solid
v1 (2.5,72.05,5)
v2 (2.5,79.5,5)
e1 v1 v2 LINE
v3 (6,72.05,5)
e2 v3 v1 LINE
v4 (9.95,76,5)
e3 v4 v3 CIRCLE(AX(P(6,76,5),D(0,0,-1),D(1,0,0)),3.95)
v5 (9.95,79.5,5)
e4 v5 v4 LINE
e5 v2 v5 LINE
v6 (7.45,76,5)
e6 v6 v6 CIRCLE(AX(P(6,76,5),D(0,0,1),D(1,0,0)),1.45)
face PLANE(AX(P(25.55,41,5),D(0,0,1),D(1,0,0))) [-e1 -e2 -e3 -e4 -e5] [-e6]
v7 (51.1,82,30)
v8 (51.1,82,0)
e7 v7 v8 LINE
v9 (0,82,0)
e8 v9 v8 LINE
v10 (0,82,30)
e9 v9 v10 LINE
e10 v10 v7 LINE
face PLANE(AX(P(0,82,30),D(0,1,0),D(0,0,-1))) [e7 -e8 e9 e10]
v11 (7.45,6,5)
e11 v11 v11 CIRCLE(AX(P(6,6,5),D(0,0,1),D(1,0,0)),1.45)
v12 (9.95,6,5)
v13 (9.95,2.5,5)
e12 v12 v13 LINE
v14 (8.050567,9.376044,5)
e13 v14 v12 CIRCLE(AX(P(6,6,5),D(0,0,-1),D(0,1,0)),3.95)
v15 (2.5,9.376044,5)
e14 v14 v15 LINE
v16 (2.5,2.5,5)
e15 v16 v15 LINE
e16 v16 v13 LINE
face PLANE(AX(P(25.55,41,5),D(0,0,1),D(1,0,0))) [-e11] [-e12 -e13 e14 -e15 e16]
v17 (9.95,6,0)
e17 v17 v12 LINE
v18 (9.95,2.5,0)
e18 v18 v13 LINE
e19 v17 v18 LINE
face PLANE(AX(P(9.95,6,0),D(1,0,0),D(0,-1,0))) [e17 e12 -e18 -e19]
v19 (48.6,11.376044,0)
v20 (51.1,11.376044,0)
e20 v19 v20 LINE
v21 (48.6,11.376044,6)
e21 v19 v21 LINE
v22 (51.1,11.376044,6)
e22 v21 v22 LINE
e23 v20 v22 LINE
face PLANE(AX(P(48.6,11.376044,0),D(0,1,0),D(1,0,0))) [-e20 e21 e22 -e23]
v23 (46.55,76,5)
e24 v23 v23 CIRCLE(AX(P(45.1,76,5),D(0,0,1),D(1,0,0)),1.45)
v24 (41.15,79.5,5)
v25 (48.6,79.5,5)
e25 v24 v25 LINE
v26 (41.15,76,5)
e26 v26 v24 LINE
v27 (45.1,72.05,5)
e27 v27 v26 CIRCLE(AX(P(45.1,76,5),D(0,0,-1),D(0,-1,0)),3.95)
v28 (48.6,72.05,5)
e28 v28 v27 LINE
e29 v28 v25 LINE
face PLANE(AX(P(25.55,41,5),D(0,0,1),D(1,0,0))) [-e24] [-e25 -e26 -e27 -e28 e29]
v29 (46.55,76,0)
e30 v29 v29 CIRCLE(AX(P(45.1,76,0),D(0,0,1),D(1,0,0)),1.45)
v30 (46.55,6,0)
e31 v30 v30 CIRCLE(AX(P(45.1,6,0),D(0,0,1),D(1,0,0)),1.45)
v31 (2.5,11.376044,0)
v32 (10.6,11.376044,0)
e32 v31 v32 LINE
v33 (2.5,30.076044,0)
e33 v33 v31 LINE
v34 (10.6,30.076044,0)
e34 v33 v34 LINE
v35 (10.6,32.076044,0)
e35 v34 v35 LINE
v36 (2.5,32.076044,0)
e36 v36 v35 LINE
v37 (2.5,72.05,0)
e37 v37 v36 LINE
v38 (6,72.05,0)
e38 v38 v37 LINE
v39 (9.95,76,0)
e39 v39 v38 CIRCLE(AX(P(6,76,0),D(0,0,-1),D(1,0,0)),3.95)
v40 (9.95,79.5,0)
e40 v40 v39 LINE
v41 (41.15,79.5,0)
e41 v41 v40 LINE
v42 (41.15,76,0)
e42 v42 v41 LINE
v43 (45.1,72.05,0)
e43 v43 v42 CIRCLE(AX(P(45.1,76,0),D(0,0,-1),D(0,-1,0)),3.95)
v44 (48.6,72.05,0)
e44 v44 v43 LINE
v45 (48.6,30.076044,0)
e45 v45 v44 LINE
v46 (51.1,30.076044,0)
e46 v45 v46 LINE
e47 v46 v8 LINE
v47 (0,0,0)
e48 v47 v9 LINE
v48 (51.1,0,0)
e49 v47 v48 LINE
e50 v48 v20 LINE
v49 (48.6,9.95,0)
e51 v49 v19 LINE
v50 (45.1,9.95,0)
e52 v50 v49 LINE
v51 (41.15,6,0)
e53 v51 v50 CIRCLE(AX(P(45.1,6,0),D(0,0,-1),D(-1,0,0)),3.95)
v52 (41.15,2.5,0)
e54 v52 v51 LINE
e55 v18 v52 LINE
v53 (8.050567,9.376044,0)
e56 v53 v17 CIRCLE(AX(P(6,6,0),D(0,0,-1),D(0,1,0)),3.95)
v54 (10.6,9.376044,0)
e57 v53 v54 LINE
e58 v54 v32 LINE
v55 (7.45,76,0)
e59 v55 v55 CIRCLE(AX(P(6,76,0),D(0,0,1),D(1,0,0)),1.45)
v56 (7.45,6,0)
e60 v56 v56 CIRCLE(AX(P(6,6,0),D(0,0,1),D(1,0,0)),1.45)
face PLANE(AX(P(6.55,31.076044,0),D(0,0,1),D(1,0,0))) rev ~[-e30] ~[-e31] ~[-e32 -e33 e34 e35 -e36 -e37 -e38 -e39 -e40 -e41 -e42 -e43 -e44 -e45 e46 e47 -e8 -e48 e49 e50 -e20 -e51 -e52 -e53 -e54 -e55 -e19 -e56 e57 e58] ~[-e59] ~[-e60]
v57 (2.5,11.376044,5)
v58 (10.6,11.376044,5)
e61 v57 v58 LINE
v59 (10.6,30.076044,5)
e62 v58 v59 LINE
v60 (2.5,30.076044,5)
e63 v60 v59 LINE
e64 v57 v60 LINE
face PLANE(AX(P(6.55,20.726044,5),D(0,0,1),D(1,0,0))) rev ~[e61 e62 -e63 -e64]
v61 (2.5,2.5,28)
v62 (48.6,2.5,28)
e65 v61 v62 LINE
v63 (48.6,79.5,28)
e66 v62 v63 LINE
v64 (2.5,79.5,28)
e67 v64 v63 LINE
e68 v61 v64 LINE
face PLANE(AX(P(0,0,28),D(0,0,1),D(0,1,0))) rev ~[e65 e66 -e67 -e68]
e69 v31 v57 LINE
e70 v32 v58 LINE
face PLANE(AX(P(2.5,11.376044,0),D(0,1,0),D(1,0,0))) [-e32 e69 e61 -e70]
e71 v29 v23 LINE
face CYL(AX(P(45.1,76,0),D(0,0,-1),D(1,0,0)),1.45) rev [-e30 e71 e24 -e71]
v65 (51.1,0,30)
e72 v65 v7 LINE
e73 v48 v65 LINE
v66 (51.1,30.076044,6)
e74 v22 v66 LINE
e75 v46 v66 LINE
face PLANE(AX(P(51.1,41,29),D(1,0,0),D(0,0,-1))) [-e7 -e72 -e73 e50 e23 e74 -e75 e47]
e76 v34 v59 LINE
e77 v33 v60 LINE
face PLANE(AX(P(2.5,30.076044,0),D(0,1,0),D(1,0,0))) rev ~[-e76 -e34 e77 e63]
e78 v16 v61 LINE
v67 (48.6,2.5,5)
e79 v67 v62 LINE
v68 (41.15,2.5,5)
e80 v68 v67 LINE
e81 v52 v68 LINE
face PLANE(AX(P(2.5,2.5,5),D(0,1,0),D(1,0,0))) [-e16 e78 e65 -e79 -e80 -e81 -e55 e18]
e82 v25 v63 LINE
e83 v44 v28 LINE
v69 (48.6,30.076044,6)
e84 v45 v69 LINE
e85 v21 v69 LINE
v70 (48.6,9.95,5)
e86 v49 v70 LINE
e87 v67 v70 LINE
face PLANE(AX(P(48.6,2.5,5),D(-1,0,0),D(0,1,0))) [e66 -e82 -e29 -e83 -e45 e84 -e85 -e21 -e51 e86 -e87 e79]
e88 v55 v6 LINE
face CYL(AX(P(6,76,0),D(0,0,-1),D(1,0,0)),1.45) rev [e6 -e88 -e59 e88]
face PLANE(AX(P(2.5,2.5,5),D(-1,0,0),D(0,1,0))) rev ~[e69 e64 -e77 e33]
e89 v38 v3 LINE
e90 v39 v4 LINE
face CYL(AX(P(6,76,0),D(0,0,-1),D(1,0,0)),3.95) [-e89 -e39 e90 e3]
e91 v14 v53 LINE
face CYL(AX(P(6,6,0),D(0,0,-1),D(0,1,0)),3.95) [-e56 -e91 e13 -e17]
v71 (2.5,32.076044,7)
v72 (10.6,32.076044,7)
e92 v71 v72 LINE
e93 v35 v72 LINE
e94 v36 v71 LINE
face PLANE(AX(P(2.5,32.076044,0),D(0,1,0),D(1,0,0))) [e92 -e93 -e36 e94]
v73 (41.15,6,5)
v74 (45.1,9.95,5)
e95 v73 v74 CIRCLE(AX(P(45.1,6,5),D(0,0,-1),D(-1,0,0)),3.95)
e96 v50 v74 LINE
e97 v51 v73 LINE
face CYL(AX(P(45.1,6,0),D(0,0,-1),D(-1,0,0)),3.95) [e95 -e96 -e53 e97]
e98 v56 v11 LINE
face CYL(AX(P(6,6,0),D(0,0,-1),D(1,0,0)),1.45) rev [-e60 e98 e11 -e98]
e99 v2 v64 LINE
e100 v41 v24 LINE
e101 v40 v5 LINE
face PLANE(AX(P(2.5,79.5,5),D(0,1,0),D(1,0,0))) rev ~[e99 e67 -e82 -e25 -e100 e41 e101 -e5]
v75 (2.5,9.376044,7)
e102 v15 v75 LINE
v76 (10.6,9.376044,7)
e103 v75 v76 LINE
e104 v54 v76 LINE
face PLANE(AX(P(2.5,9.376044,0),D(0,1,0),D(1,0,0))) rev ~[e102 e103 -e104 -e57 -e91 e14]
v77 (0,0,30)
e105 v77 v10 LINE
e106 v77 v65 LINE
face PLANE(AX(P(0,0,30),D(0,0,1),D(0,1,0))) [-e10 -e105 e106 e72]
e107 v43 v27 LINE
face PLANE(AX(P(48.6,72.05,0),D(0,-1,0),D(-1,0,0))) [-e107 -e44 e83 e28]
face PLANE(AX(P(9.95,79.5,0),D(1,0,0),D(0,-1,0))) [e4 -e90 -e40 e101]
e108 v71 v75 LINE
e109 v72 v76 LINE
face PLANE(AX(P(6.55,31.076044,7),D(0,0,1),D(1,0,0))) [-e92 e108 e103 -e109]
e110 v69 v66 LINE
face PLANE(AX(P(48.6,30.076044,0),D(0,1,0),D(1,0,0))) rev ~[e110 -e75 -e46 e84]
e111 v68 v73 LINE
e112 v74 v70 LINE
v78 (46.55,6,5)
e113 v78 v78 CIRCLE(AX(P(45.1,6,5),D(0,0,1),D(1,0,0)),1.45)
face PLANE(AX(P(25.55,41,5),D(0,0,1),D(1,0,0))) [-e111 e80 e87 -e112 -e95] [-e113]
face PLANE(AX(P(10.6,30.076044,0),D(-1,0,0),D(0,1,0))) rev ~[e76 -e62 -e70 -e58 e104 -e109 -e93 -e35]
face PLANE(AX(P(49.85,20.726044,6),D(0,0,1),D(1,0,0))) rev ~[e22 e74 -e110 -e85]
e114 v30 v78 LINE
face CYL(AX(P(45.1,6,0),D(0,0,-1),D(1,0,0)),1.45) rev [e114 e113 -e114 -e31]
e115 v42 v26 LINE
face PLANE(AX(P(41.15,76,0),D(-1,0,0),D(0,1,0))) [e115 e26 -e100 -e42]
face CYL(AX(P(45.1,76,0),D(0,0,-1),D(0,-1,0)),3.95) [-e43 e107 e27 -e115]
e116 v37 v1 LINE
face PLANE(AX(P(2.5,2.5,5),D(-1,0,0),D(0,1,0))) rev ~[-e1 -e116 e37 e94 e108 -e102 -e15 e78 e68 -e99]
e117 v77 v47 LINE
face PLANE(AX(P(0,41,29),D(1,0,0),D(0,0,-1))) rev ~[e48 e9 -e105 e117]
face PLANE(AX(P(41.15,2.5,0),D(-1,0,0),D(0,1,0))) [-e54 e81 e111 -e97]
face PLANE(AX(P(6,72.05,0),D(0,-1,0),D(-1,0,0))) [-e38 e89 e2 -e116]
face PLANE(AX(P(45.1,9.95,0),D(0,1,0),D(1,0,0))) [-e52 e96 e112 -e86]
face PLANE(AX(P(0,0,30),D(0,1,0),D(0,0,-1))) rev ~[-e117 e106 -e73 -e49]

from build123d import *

# Parameters (mm, degrees)
SKETCH1_W           = 51.1
SKETCH1_H           = 82
SKETCH1_R           = 1.45
BOSS_EXTRUDE1_DEPTH = 5
BOSS_EXTRUDE2_START = 5
SKETCH2_W           = 51.1
SKETCH2_H           = 82
SKETCH2_W_2         = 46.1
SKETCH2_H_2         = 77
BOSS_EXTRUDE2_DEPTH = 23
SKETCH4_W           = 2
SKETCH4_H           = 82
BOSS_EXTRUDE3_DEPTH = 51.1
SKETCH5_W           = 2.5
SKETCH5_H           = 18.7
CUT_EXTRUDE1_DEPTH  = 6
BOSS_EXTRUDE4_START = 5
SKETCH6_W           = 8.1
SKETCH6_H           = 18.7
BOSS_EXTRUDE4_DEPTH = 2
SKETCH7_W           = 8.1
SKETCH7_H           = 2
BOSS_EXTRUDE5_DEPTH = 7


with BuildPart() as part:
    # Sketch1 → Boss-Extrude1 (new body)
    with BuildSketch(Plane.XY):
        with Locations((25.55, 41)):
            Rectangle(SKETCH1_W, SKETCH1_H)
        with Locations((6, 76)):
            Circle(SKETCH1_R, mode=Mode.SUBTRACT)
        with Locations((45.1, 76)):
            Circle(SKETCH1_R, mode=Mode.SUBTRACT)
        with Locations((45.1, 6)):
            Circle(SKETCH1_R, mode=Mode.SUBTRACT)
        with Locations((6, 6)):
            Circle(SKETCH1_R, mode=Mode.SUBTRACT)
        with BuildLine():
            Line((6, 72.05), (2.5, 72.05))
            Line((2.5, 72.05), (2.5, 9.95))
            Line((2.5, 9.95), (6, 9.95))
            ThreePointArc((6, 9.95), (8.793071786, 8.793071786), (9.95, 6))
            Line((9.95, 6), (9.95, 2.5))
            Line((9.95, 2.5), (41.15, 2.5))
            Line((41.15, 2.5), (41.15, 6))
            ThreePointArc((41.15, 6), (42.306928214, 8.793071786), (45.1, 9.95))
            Line((45.1, 9.95), (48.6, 9.95))
            Line((48.6, 9.95), (48.6, 72.05))
            Line((48.6, 72.05), (45.1, 72.05))
            ThreePointArc((45.1, 72.05), (42.306928214, 73.206928214), (41.15, 76))
            Line((41.15, 76), (41.15, 79.5))
            Line((41.15, 79.5), (9.95, 79.5))
            Line((9.95, 79.5), (9.95, 76))
            ThreePointArc((9.95, 76), (8.793071786, 73.206928214), (6, 72.05))
        make_face(mode=Mode.SUBTRACT)
    extrude(amount=BOSS_EXTRUDE1_DEPTH)

    # Sketch2 → Boss-Extrude2 (add)
    with BuildSketch(Plane.XY.offset(BOSS_EXTRUDE2_START)):
        with Locations((25.55, 41)):
            Rectangle(SKETCH2_W, SKETCH2_H)
        with Locations((25.55, 41)):
            Rectangle(SKETCH2_W_2, SKETCH2_H_2, mode=Mode.SUBTRACT)
    extrude(amount=BOSS_EXTRUDE2_DEPTH)

    # Sketch4 → Boss-Extrude3 (add)
    with BuildSketch(Plane(origin=(0, 0, 0), x_dir=(0, 0, -1), z_dir=(1, 0, 0))):
        with Locations((-29, 41)):
            Rectangle(SKETCH4_W, SKETCH4_H)
    extrude(amount=BOSS_EXTRUDE3_DEPTH)

    # Sketch5 → Cut-Extrude1 (cut)
    with BuildSketch(Plane.XY):
        with Locations((49.85, 20.726044427)):
            Rectangle(SKETCH5_W, SKETCH5_H)
    extrude(amount=CUT_EXTRUDE1_DEPTH, mode=Mode.SUBTRACT)

    # Sketch6 → Boss-Extrude4 (add)
    with BuildSketch(Plane.XY.offset(BOSS_EXTRUDE4_START)):
        with Locations((6.55, 20.726044427)):
            Rectangle(SKETCH6_W, SKETCH6_H)
    extrude(amount=BOSS_EXTRUDE4_DEPTH)

    # Sketch7 → Boss-Extrude5 (add)
    with BuildSketch(Plane.XY):
        with Locations((6.55, 31.076044427)):
            Rectangle(SKETCH7_W, SKETCH7_H)
        with Locations((6.55, 10.376044427)):
            Rectangle(SKETCH7_W, SKETCH7_H)
    extrude(amount=BOSS_EXTRUDE5_DEPTH)


solid = part.part
